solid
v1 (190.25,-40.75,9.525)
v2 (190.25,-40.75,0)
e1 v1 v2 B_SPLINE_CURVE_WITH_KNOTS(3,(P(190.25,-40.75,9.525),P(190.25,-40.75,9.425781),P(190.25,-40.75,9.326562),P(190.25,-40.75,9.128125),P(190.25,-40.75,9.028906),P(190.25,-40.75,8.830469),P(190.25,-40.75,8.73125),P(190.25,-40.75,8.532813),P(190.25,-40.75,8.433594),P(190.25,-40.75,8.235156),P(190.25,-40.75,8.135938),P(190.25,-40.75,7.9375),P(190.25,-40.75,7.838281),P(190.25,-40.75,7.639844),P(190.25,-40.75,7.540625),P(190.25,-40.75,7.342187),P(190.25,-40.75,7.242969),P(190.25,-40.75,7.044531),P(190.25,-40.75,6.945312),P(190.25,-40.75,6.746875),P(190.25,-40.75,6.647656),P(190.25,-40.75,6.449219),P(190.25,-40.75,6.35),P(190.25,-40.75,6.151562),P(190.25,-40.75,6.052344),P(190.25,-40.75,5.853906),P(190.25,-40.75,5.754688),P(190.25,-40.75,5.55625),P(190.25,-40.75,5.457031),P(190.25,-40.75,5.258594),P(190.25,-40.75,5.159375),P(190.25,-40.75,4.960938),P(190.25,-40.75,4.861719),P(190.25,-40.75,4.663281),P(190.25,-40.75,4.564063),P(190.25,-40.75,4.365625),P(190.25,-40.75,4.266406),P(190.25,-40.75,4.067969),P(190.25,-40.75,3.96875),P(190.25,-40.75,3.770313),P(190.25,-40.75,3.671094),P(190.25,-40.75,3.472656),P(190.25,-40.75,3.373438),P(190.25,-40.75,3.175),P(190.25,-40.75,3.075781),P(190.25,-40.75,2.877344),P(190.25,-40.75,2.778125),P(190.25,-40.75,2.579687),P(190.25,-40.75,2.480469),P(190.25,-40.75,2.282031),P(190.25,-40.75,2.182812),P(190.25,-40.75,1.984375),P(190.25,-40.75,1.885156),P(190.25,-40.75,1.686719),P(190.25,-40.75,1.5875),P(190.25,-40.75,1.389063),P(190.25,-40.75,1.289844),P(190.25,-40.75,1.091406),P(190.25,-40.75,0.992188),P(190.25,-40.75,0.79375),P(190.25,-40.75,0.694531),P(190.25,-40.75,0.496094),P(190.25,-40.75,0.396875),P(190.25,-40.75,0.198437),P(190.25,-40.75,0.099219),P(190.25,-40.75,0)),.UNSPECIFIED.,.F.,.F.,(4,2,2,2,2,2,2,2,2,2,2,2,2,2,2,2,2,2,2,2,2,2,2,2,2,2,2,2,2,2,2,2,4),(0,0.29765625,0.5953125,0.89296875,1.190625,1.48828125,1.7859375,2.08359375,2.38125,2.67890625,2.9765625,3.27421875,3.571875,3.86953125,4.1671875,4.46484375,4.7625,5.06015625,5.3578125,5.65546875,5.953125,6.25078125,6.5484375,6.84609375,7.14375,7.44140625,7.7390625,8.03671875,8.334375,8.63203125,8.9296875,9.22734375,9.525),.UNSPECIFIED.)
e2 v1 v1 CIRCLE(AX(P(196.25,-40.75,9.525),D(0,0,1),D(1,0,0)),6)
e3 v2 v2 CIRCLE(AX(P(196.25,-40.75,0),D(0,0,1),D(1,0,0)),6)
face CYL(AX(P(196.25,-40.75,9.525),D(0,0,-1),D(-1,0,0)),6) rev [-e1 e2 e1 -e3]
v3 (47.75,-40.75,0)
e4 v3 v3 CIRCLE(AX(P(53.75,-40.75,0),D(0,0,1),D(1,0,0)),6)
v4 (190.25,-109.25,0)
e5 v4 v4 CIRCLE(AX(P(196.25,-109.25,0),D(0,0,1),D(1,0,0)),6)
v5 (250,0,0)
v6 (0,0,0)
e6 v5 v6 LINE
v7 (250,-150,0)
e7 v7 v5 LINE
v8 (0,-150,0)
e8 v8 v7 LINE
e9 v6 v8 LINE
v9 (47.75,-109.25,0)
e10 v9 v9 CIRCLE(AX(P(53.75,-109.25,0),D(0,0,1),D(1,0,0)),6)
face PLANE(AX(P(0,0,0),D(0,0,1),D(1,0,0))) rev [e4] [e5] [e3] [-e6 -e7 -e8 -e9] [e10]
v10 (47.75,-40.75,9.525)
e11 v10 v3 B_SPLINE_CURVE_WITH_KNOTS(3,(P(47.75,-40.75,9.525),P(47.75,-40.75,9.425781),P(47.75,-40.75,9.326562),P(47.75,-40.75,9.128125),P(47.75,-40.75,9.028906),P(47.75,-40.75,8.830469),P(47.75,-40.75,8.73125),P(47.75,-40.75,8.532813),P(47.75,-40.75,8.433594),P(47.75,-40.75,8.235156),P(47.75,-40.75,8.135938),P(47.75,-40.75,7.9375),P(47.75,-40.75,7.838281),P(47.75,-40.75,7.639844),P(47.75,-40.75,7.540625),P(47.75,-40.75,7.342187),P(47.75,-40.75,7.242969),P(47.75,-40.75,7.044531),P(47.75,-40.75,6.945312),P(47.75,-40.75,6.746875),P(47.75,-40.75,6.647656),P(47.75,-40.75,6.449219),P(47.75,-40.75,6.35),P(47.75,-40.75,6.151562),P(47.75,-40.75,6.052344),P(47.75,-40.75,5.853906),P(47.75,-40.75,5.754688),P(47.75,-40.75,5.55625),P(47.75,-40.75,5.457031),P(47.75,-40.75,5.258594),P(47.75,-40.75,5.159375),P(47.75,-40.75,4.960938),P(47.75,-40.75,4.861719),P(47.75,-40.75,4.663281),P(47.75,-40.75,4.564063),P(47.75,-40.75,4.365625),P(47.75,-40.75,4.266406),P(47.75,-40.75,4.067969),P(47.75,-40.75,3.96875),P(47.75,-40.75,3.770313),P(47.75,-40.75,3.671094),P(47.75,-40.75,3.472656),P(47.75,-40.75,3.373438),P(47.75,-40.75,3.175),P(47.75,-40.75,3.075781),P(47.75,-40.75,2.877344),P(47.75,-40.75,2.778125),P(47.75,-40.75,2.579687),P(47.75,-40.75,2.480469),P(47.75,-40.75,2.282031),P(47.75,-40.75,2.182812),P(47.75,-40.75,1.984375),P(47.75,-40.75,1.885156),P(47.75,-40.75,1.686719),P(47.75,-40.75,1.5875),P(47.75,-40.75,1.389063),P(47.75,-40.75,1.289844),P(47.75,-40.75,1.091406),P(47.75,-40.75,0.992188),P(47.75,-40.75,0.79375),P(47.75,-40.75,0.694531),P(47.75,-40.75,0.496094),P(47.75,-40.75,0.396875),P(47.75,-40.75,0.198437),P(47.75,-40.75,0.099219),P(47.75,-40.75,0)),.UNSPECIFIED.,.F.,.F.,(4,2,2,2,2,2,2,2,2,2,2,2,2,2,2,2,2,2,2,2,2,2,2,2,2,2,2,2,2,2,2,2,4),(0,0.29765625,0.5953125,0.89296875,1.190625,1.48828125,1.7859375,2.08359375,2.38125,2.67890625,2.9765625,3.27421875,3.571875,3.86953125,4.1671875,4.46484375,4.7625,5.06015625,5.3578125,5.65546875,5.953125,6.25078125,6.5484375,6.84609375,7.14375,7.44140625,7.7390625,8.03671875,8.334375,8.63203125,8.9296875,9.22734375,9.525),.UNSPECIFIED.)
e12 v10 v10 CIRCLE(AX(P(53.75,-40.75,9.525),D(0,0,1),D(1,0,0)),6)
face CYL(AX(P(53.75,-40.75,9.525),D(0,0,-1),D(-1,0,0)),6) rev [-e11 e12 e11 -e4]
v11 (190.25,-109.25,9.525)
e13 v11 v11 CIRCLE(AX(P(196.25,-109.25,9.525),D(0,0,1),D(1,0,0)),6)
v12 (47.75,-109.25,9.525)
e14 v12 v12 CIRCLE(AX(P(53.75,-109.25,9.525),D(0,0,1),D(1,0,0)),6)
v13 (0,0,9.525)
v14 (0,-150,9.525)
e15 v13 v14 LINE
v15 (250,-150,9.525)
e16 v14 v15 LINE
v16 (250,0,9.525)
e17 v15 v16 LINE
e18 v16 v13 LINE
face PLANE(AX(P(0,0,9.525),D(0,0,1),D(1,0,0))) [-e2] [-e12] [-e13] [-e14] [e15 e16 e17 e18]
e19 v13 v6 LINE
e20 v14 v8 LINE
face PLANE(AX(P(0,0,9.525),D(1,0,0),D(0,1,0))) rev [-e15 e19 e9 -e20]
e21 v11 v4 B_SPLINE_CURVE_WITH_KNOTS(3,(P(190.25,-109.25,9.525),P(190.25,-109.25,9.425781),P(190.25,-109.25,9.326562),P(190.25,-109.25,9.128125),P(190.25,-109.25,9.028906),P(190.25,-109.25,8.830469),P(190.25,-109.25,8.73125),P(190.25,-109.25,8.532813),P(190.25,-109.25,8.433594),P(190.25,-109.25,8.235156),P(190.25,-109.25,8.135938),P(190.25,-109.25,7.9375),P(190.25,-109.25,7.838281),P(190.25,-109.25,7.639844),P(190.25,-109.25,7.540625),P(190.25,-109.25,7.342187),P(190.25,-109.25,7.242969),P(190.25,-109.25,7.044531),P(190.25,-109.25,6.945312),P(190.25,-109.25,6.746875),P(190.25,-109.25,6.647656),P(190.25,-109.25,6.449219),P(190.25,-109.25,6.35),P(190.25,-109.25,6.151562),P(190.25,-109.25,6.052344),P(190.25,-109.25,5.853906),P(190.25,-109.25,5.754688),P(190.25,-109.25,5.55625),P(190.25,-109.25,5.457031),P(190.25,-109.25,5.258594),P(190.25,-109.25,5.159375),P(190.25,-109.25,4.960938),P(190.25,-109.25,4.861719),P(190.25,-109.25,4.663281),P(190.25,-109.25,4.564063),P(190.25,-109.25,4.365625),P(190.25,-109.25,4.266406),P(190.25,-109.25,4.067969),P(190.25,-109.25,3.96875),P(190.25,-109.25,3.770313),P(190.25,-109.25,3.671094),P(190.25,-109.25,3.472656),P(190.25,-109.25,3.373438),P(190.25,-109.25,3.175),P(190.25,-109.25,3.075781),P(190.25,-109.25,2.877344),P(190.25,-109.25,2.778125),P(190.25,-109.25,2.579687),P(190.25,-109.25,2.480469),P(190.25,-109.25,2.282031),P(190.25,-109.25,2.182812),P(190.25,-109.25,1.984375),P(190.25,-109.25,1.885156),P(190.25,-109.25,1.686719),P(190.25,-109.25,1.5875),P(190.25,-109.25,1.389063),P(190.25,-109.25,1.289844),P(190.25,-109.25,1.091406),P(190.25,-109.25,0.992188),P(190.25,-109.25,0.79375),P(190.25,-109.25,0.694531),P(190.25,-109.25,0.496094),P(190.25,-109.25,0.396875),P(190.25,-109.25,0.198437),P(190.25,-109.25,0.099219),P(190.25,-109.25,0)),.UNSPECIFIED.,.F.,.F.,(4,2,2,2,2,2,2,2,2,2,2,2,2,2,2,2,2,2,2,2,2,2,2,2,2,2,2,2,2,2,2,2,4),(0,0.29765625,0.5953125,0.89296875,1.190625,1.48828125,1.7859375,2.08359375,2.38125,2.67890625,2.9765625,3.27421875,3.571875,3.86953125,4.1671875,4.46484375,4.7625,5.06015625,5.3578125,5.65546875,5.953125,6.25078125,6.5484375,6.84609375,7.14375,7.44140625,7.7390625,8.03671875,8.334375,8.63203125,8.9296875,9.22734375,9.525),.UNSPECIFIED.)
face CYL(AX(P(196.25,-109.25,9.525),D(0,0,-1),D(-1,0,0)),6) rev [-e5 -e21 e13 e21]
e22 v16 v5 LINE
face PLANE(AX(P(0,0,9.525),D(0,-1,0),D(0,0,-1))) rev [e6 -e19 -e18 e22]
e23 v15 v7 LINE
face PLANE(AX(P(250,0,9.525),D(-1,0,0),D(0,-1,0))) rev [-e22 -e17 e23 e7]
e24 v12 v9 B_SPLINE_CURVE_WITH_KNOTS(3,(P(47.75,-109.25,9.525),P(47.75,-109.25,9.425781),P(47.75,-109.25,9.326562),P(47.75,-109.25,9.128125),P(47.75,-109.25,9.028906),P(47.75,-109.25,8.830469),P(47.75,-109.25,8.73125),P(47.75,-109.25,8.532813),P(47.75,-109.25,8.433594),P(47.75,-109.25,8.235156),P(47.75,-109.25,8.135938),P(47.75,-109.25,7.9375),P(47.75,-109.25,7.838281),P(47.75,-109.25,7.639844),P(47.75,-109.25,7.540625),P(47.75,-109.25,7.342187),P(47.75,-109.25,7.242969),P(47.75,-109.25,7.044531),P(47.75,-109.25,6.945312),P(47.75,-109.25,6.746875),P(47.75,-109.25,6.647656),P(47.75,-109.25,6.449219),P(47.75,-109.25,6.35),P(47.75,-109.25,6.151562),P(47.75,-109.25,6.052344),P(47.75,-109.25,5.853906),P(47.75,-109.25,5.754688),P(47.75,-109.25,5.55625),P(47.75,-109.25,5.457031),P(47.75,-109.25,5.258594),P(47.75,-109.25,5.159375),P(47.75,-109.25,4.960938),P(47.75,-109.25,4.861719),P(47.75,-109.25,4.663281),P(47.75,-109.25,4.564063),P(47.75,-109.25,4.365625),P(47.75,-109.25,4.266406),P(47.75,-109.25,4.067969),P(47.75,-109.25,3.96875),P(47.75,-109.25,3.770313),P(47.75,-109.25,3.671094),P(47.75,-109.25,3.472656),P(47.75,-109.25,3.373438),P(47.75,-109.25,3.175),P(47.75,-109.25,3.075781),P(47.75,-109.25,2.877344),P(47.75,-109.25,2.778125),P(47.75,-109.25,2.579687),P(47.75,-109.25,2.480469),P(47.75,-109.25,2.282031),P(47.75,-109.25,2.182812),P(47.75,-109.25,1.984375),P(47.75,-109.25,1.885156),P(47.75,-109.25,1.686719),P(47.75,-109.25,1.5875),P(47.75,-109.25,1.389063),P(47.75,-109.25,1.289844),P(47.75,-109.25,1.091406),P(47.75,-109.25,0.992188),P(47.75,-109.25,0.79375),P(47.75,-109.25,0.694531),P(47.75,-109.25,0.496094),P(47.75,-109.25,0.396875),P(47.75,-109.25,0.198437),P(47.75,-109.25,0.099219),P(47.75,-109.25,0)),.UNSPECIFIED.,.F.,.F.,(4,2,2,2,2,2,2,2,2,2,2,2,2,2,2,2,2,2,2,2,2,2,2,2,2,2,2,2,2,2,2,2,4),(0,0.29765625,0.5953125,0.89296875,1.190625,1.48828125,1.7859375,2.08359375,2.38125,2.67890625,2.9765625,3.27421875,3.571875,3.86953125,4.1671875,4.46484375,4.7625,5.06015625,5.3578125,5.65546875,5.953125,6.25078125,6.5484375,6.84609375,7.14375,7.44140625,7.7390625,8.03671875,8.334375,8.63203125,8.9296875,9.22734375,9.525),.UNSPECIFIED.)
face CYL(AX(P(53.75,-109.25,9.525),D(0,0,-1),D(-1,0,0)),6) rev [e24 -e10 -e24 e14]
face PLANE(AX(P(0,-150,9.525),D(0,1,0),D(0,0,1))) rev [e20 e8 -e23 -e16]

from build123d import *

# Parameters (mm, degrees)
SKETCH1_W           = 250
SKETCH1_H           = 150
SKETCH1_R           = 6
BOSS_EXTRUDE1_DEPTH = 9.525


with BuildPart() as part:
    # Sketch1 → Boss-Extrude1 (new body)
    with BuildSketch(Plane.XY):
        with Locations((125, -75)):
            Rectangle(SKETCH1_W, SKETCH1_H)
        with Locations(Location((53.75, -40.75, 0), (0, 0, 180))):
            Circle(SKETCH1_R, mode=Mode.SUBTRACT)
        with Locations(Location((196.25, -40.75, 0), (0, 0, 180))):
            Circle(SKETCH1_R, mode=Mode.SUBTRACT)
        with Locations(Location((196.25, -109.25, 0), (0, 0, 180))):
            Circle(SKETCH1_R, mode=Mode.SUBTRACT)
        with Locations(Location((53.75, -109.25, 0), (0, 0, 180))):
            Circle(SKETCH1_R, mode=Mode.SUBTRACT)
    extrude(amount=BOSS_EXTRUDE1_DEPTH)


solid = part.part
